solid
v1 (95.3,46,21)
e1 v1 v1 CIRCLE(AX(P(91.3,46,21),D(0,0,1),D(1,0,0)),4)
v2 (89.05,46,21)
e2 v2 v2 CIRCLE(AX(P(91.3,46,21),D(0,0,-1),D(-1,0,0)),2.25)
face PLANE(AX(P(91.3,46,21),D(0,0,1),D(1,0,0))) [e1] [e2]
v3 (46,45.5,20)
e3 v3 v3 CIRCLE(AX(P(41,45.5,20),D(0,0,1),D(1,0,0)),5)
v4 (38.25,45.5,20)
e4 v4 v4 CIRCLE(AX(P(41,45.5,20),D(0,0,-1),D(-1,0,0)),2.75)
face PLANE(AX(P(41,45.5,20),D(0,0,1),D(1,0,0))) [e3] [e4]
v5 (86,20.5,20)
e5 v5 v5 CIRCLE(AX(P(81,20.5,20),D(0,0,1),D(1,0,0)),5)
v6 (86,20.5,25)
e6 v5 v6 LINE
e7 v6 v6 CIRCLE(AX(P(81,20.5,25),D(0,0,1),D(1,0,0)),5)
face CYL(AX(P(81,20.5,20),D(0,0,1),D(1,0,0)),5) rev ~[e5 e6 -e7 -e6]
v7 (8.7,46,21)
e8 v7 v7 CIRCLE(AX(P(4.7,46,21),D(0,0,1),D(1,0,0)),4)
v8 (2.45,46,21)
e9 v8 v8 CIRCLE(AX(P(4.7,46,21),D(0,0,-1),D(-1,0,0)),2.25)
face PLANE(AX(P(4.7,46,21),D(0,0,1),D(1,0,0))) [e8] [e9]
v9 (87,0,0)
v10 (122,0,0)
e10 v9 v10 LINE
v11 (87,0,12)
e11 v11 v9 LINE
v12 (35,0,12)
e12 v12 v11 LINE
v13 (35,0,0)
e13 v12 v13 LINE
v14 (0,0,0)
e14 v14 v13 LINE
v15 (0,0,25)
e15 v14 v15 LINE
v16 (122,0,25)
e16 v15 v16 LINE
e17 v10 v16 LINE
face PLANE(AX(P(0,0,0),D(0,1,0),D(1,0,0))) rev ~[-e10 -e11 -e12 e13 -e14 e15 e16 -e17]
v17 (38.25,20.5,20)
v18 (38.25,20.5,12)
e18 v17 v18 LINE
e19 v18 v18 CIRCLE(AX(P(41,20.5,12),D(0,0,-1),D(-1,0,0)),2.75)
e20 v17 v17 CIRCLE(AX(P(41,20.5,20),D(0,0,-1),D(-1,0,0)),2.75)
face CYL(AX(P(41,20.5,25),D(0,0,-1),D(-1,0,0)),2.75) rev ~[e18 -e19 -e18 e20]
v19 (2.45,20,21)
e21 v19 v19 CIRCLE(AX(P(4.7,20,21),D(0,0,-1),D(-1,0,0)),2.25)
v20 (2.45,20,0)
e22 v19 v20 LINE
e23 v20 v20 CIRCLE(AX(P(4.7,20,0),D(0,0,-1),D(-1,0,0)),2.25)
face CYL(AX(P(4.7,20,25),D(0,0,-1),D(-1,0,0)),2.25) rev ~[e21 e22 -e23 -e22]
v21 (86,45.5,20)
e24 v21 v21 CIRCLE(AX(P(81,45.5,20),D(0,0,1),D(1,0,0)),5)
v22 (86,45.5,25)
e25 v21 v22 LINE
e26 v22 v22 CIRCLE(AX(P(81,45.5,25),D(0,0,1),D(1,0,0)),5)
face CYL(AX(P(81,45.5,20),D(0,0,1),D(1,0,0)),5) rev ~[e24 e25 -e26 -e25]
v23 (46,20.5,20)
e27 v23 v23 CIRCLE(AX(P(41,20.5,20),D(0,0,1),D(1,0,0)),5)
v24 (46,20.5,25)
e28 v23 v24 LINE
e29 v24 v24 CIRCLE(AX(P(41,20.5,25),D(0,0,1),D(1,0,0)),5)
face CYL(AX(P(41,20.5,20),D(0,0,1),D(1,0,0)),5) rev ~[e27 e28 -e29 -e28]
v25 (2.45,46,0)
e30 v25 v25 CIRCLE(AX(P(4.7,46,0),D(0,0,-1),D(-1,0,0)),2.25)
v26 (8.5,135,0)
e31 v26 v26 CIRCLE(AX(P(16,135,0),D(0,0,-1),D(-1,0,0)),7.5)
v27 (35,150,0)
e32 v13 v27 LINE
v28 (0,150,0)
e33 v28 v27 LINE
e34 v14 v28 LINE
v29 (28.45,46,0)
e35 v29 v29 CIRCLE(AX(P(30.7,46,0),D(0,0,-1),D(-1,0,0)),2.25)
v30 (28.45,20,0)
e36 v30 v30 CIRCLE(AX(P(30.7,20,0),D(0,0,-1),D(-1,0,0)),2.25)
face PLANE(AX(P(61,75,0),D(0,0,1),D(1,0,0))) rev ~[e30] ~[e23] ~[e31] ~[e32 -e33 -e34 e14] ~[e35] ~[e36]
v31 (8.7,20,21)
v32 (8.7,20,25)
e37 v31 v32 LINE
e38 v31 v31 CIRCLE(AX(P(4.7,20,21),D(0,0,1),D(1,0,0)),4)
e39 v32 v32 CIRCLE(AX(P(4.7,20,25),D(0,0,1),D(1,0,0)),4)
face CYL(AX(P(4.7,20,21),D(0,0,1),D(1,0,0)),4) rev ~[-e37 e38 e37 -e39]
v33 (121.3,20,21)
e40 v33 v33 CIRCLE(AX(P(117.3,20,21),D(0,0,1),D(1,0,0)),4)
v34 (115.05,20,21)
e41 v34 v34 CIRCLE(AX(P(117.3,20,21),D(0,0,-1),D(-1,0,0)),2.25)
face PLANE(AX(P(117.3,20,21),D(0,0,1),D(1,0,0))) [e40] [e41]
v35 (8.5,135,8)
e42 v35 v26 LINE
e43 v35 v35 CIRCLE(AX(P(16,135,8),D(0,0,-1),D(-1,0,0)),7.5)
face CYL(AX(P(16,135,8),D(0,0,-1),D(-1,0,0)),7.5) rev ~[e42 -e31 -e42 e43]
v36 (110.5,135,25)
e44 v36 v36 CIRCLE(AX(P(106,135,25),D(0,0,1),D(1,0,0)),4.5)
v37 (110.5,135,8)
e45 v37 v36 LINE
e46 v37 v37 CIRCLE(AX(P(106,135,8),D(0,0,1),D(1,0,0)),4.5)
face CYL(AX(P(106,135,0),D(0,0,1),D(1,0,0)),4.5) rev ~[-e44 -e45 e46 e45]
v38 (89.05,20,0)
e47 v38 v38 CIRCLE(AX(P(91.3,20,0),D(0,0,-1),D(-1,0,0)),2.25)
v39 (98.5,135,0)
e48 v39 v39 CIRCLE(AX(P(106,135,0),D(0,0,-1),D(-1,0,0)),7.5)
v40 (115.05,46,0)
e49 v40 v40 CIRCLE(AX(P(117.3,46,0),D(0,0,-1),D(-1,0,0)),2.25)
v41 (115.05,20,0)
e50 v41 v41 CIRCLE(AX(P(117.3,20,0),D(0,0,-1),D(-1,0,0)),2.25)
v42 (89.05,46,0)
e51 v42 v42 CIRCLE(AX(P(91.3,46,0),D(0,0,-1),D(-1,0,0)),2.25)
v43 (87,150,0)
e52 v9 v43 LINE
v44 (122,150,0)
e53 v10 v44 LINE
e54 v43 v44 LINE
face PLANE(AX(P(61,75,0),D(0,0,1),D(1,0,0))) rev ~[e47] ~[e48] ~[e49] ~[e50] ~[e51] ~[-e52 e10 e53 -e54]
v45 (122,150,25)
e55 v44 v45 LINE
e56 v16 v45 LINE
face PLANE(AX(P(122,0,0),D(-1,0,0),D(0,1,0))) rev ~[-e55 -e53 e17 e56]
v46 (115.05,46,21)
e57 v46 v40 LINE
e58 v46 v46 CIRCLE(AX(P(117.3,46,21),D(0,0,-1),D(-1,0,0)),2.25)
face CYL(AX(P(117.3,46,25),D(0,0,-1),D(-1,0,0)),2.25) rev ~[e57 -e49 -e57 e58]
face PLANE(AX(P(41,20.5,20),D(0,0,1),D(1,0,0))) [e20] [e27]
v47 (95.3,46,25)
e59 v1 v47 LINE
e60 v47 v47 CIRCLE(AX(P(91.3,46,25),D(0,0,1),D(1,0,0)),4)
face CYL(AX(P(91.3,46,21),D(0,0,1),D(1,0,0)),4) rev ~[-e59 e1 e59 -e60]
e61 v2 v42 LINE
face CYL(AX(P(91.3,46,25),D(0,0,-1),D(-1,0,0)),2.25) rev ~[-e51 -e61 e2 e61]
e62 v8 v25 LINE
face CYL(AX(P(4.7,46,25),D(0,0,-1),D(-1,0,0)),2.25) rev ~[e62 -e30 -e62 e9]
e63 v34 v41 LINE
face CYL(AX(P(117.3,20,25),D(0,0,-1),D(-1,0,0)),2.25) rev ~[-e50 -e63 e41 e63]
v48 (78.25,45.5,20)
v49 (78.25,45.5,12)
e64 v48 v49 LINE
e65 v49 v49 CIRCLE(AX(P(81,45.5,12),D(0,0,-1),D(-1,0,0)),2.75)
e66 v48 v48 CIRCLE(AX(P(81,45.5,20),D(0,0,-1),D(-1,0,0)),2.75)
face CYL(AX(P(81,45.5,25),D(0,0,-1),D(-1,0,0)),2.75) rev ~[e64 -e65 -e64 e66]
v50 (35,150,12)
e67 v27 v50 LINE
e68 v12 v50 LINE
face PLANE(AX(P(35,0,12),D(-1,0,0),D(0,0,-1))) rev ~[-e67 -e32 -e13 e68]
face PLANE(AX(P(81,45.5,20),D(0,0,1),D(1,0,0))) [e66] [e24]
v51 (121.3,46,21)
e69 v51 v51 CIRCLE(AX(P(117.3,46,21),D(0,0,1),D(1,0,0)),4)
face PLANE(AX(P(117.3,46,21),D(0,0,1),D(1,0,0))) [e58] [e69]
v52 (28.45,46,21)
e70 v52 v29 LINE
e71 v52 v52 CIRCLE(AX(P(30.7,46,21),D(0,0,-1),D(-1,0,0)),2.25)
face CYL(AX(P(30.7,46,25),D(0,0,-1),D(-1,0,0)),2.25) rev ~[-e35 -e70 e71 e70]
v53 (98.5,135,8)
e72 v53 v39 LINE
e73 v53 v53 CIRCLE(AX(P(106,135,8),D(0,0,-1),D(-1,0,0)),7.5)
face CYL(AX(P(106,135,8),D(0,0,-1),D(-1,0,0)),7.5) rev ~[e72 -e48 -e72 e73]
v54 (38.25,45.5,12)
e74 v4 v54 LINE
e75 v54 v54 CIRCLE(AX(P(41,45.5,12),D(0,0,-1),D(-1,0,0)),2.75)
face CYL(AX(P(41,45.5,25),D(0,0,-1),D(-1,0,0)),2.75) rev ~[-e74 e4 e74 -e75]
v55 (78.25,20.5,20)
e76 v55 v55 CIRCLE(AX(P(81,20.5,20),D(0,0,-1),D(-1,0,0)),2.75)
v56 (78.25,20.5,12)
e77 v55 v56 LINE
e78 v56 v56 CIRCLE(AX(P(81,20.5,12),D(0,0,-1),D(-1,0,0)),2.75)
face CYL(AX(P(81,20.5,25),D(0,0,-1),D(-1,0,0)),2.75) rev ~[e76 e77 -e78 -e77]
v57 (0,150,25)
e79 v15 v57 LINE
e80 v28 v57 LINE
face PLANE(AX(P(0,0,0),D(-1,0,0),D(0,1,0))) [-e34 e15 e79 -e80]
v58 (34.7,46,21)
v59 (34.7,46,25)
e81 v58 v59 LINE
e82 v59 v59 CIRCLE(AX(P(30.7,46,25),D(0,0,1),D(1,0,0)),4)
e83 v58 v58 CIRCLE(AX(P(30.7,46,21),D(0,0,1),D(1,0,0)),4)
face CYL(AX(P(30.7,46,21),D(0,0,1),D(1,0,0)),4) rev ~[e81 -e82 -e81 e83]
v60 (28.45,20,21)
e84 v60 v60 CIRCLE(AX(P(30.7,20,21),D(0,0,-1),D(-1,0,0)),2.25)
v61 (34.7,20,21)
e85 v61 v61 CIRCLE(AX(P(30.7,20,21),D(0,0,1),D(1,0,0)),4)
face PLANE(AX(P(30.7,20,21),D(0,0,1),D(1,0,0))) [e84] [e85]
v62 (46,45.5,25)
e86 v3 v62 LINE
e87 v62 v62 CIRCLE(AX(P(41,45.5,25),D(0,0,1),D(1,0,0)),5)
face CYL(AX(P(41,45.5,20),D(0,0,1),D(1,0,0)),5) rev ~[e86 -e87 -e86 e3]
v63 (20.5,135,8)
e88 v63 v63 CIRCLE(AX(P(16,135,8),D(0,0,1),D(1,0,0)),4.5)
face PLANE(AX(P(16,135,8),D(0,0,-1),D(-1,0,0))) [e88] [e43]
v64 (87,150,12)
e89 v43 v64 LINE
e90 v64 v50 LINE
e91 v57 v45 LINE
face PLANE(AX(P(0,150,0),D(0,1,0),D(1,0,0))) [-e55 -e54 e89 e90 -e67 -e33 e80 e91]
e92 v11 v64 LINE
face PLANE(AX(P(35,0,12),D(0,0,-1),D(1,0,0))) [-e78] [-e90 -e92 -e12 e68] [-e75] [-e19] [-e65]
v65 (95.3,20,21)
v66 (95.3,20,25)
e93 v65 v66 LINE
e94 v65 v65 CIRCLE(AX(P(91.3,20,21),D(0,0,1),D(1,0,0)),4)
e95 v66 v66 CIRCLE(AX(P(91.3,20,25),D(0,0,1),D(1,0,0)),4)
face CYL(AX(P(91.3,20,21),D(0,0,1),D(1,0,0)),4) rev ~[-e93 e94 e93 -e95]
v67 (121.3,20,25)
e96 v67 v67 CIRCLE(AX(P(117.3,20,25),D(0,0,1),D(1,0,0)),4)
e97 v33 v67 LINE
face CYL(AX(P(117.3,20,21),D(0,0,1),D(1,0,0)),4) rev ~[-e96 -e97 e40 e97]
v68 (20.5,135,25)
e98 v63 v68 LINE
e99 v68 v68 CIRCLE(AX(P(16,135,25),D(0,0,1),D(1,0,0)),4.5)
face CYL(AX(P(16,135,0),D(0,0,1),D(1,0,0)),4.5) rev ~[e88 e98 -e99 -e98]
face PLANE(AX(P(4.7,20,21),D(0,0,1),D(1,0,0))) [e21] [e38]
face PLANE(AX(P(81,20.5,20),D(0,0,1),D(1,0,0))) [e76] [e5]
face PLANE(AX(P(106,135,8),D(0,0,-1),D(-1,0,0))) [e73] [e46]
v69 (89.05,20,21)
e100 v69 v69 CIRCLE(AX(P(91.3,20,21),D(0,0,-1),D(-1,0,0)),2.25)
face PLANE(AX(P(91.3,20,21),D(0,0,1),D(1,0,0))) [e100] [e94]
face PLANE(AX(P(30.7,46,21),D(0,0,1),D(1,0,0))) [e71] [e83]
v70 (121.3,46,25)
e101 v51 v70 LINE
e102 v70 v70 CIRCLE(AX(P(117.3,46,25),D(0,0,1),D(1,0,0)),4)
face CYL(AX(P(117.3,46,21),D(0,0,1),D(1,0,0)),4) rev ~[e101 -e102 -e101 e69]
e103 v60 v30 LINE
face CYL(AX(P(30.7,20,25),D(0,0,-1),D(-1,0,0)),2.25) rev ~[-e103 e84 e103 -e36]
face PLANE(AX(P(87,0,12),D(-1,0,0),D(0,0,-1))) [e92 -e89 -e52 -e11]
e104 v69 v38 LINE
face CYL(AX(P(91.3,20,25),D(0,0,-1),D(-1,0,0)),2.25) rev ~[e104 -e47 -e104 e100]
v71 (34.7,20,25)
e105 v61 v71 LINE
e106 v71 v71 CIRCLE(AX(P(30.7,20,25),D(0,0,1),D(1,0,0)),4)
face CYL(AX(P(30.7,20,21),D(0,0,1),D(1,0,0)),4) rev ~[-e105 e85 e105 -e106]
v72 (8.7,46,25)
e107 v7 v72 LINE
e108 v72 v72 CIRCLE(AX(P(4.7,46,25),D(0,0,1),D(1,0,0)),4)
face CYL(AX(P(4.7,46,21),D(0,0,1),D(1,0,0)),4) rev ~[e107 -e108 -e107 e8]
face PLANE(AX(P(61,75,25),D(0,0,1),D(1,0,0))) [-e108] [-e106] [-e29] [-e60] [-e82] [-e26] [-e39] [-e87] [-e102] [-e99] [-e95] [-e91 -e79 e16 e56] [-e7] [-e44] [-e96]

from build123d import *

# Parameters (mm, degrees)
SKETCH1_W                      = 122
SKETCH1_H                      = 150
BOSS_EXTRUDE1_DEPTH            = 25
CBORE_FOR_M4_SHCS1_D           = 4.5
CBORE_FOR_M4_SHCS1_CBORE_D     = 8
CBORE_FOR_M4_SHCS1_CBORE_DEPTH = 4
SKETCH4_W                      = 52
SKETCH4_H                      = 12
CUT_EXTRUDE1_DEPTH             = 195.958970042
CBORE_FOR_M5_SHCS1_D           = 5.5
CBORE_FOR_M5_SHCS1_CBORE_D     = 10
CBORE_FOR_M5_SHCS1_CBORE_DEPTH = 5
CBORE_FOR_M8_SHCS1_D           = 9
CBORE_FOR_M8_SHCS1_CBORE_D     = 15
CBORE_FOR_M8_SHCS1_CBORE_DEPTH = 8


with BuildPart() as part:
    # Sketch1 → Boss-Extrude1 (new body)
    with BuildSketch(Plane.XY):
        with Locations((61, 75)):
            Rectangle(SKETCH1_W, SKETCH1_H)
    extrude(amount=BOSS_EXTRUDE1_DEPTH)

    # CBORE for M4 SHCS1 (through all)
    with Locations(Plane(origin=(4.7, 46, 25), x_dir=(1, 0, 0), z_dir=(0, 0, 1))):
        with Locations((0, 0), (26, 0), (0, -26), (26, -26), (86.6, 0), (112.6, 0), (112.6, -26), (86.6, -26)):
            CounterBoreHole(CBORE_FOR_M4_SHCS1_D / 2, CBORE_FOR_M4_SHCS1_CBORE_D / 2, CBORE_FOR_M4_SHCS1_CBORE_DEPTH)

    # Sketch4 → Cut-Extrude1 (cut, through all)
    with BuildSketch(Plane(origin=(0, 0, 0), x_dir=(1, 0, 0), z_dir=(0, 1, 0))):
        with Locations((61, -6)):
            Rectangle(SKETCH4_W, SKETCH4_H)
    extrude(amount=CUT_EXTRUDE1_DEPTH, mode=Mode.SUBTRACT)

    # CBORE for M5 SHCS1 (through all)
    with Locations(Plane(origin=(41, 45.5, 25), x_dir=(1, 0, 0), z_dir=(0, 0, 1))):
        with Locations((0, 0), (40, 0), (40, -25), (0, -25)):
            CounterBoreHole(CBORE_FOR_M5_SHCS1_D / 2, CBORE_FOR_M5_SHCS1_CBORE_D / 2, CBORE_FOR_M5_SHCS1_CBORE_DEPTH)

    # CBORE for M8 SHCS1 (through all)
    with Locations(Plane(origin=(106, 135, 0), x_dir=(-1, 0, 0), z_dir=(0, 0, -1))):
        with Locations((0, 0), (90, 0)):
            CounterBoreHole(CBORE_FOR_M8_SHCS1_D / 2, CBORE_FOR_M8_SHCS1_CBORE_D / 2, CBORE_FOR_M8_SHCS1_CBORE_DEPTH)


solid = part.part
